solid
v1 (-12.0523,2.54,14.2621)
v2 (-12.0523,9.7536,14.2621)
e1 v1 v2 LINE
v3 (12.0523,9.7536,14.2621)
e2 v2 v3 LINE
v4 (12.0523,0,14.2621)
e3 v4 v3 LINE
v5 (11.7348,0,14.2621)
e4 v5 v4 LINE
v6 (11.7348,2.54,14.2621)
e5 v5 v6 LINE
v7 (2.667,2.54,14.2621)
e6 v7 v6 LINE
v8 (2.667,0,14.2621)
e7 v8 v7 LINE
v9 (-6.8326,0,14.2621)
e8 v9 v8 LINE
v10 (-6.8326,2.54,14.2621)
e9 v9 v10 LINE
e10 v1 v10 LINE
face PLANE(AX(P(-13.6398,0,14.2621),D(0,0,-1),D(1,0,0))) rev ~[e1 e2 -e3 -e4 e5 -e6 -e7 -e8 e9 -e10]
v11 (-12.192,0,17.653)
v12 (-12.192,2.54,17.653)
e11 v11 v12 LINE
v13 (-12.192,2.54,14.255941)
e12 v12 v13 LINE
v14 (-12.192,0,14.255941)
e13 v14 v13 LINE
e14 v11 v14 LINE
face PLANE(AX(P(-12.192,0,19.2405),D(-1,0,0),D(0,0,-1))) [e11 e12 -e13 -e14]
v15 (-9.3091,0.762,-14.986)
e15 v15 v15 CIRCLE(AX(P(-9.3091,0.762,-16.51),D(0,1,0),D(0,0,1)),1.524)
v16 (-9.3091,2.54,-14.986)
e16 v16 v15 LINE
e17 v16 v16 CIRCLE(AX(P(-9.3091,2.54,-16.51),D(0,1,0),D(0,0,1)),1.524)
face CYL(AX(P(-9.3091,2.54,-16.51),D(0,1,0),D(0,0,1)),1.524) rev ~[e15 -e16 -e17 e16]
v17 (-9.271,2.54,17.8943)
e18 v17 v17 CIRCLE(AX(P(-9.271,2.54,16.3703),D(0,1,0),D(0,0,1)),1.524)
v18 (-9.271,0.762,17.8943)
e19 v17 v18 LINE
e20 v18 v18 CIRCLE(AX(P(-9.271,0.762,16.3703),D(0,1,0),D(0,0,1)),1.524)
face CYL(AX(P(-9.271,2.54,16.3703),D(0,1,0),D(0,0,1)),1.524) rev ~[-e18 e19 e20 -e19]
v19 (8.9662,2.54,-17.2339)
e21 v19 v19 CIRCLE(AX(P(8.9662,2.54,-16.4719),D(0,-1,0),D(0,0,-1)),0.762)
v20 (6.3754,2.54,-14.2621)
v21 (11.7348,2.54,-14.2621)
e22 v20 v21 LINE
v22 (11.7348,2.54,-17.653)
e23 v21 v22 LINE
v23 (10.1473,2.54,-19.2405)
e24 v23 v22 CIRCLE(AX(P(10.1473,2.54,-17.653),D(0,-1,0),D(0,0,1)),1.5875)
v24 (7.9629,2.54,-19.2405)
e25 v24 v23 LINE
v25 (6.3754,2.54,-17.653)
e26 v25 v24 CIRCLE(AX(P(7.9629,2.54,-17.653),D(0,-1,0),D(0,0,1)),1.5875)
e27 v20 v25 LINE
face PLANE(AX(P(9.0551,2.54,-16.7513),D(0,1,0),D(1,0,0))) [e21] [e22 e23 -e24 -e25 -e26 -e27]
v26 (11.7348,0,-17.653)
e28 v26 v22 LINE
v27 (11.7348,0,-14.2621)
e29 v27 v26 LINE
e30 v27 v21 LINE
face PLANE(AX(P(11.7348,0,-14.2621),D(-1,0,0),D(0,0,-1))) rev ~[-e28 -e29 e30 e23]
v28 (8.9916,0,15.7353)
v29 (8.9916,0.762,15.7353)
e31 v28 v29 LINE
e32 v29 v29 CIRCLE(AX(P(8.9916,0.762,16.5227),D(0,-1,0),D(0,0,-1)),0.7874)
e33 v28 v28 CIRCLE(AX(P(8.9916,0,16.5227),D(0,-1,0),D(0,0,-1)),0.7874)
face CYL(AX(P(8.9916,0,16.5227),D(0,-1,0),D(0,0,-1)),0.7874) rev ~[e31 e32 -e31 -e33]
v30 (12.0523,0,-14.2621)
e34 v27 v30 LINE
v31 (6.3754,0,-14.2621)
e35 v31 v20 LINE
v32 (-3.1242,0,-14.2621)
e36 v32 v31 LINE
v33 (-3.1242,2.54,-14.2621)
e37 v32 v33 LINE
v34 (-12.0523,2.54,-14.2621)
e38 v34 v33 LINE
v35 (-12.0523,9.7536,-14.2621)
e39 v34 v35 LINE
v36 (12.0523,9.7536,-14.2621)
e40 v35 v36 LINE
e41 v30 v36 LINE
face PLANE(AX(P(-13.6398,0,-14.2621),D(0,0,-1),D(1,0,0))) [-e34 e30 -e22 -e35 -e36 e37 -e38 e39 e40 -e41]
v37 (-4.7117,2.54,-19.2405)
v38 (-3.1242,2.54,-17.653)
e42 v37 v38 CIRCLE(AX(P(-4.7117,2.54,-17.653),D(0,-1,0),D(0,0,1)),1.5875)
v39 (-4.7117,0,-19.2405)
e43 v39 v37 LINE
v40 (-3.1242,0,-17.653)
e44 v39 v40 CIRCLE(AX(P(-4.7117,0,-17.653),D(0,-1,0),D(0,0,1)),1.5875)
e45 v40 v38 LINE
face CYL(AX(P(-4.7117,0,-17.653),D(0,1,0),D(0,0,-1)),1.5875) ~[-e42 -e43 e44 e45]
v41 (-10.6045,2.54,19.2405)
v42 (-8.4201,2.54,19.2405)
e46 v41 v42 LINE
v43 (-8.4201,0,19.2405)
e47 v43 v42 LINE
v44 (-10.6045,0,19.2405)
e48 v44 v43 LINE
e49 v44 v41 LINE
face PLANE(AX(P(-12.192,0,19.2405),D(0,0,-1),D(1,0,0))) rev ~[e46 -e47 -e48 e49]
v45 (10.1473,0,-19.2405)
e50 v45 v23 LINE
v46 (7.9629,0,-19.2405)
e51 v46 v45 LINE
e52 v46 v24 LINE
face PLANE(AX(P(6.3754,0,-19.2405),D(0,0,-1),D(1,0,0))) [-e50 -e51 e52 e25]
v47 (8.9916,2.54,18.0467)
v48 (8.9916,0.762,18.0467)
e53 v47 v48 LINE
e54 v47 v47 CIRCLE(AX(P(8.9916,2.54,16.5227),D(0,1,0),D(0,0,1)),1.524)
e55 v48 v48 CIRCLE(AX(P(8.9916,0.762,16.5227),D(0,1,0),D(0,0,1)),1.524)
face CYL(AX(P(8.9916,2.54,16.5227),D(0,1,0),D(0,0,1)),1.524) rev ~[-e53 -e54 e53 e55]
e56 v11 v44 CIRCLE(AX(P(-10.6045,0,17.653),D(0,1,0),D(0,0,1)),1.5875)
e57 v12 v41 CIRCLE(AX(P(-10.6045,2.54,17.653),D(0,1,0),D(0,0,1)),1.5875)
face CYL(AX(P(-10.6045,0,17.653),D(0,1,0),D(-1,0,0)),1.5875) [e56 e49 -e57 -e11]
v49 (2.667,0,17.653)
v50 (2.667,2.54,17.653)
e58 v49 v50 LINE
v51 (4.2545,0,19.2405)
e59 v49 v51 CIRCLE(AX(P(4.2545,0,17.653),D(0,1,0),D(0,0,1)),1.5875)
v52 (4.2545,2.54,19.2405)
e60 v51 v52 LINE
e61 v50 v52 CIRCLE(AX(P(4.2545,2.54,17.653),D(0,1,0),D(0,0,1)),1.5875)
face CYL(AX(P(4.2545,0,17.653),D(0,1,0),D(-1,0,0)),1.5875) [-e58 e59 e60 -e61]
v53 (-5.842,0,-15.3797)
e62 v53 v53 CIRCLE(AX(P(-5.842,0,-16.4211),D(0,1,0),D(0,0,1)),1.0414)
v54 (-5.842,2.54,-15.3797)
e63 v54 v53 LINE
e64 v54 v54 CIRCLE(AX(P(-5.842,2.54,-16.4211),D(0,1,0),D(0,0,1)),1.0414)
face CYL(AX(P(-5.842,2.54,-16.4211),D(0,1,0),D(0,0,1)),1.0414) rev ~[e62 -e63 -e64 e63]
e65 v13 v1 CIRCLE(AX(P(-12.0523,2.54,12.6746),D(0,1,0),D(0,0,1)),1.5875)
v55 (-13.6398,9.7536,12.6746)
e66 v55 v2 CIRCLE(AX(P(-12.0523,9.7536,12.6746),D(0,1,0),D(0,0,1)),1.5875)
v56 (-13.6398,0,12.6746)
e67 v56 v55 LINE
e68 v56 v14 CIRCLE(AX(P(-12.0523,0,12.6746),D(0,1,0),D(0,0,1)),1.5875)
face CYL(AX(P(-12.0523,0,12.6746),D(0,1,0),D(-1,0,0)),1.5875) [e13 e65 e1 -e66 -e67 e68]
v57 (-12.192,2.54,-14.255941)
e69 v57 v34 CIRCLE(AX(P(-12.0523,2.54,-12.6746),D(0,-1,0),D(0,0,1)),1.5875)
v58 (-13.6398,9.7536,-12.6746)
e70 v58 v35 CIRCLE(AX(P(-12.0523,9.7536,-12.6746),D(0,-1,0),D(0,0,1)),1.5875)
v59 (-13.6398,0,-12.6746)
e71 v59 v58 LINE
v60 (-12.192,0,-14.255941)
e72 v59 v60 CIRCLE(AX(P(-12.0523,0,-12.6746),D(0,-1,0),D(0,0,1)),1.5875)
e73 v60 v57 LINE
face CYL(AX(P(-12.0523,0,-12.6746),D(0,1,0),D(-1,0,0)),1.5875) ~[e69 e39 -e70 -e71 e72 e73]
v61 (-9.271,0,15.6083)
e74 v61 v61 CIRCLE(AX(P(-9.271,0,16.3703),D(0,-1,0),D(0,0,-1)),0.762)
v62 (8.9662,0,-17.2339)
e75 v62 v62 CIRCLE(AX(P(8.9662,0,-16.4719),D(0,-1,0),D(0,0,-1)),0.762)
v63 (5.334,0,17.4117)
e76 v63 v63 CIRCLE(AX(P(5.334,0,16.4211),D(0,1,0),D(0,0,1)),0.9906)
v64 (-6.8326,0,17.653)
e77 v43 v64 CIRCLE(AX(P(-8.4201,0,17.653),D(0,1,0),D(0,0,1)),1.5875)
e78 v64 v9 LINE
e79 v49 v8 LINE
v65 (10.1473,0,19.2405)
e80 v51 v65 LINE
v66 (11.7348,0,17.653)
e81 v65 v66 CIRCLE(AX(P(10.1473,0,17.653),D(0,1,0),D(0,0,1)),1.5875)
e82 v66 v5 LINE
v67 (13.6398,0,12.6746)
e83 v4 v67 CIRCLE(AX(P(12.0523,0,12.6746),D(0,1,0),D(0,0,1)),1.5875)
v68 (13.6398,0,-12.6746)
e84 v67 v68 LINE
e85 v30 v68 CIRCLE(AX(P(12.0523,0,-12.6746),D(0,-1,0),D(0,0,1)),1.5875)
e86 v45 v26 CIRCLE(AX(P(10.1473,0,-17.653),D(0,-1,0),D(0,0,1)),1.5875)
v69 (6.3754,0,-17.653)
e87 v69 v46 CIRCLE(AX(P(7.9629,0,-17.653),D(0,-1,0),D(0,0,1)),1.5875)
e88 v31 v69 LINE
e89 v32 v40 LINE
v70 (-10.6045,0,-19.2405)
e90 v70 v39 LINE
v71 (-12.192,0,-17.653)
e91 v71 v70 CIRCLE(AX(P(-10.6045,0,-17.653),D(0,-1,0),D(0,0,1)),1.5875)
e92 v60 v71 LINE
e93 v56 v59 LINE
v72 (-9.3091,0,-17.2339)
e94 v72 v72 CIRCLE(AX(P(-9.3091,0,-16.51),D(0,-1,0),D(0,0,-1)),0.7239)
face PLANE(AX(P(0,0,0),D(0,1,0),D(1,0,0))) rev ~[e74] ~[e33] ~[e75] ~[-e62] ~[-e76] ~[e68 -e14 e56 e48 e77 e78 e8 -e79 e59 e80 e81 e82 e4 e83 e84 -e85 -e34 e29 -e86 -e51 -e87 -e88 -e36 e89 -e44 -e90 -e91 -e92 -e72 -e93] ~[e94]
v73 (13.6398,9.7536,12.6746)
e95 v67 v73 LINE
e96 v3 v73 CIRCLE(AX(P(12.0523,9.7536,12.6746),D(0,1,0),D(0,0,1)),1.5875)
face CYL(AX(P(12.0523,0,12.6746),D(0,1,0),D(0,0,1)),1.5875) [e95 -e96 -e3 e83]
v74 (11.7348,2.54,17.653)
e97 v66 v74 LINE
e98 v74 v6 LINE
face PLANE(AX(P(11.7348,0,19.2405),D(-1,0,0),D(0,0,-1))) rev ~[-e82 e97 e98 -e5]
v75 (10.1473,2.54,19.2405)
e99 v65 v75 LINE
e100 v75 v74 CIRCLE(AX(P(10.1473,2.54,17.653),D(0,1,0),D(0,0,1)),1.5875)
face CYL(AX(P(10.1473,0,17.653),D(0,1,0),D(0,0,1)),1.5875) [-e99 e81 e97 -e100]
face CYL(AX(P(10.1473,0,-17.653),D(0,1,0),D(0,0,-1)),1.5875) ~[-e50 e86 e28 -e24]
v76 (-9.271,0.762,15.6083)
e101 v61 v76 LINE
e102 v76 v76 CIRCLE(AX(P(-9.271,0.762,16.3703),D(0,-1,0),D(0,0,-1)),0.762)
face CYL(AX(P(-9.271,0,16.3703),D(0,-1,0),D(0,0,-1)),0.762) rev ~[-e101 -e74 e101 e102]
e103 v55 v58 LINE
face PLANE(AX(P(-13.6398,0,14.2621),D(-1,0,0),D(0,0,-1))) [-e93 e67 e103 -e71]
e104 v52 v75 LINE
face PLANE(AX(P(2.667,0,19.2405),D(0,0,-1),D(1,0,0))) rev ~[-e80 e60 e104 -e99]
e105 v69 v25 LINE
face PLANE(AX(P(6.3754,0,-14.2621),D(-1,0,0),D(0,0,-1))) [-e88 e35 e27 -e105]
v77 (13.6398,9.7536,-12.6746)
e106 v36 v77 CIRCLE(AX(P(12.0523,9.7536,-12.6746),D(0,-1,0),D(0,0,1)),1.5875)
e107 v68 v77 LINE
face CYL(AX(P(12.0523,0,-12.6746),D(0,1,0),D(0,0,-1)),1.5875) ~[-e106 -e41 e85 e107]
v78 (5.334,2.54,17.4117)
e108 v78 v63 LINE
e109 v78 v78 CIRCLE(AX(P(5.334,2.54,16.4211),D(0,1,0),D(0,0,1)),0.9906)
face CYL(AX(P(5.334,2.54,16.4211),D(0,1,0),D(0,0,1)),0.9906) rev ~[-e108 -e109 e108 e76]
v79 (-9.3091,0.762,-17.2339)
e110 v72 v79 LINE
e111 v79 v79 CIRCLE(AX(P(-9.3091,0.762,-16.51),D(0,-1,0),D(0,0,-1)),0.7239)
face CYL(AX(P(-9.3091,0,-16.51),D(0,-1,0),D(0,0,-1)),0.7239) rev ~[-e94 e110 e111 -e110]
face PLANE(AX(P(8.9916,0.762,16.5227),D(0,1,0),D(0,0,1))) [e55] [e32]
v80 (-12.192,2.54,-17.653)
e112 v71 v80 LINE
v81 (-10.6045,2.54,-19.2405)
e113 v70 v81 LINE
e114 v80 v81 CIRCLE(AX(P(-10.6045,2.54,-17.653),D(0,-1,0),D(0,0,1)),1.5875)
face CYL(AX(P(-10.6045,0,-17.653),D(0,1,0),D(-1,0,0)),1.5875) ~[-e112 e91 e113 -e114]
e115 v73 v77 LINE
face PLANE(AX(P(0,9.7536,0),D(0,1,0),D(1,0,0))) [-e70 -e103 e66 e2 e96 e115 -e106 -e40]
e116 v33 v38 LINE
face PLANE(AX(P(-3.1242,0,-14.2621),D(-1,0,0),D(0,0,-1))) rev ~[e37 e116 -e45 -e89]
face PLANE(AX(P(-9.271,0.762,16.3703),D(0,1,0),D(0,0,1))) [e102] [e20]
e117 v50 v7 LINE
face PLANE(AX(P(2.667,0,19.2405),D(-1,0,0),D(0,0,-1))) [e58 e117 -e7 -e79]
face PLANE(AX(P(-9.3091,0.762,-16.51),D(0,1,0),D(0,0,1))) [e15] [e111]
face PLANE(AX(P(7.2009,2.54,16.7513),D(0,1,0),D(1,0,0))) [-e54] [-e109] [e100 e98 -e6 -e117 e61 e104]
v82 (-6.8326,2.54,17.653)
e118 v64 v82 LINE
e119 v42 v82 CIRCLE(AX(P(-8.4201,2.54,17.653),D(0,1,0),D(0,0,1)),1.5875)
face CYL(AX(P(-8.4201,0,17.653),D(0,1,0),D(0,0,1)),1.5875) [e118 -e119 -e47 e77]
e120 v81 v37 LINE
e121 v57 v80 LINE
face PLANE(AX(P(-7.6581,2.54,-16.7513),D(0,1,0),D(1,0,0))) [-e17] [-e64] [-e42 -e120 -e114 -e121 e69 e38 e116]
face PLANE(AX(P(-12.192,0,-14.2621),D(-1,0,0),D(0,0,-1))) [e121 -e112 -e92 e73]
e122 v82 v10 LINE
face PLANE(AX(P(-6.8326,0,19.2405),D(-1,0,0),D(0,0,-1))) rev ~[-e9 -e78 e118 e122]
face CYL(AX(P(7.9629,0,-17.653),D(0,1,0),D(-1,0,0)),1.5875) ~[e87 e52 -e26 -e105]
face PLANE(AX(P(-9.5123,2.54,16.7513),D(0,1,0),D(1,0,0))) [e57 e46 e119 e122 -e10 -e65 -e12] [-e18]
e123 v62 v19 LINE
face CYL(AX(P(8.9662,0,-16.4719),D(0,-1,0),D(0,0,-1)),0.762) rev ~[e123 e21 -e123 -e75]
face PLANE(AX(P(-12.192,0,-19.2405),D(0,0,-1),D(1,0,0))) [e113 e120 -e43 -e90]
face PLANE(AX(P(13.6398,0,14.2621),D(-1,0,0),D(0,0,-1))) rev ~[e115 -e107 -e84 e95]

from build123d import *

# Parameters (mm, degrees)
SKETCH1_W                  = 27.2796
SKETCH1_H                  = 28.5242
ENCLOSURE_DEPTH            = 9.7536
SKETCH2_W                  = 9.0678
SKETCH2_H                  = 4.9784
SKETCH2_W_2                = 5.3594
MOUNTING_TABS_DEPTH        = 2.54
SMALL_MOUNTING_HOLES_REACH = 26.663
SKETCH3_R                  = 1.0414
SKETCH3_R_2                = 0.9906
LARGE_MOUNTING_HOLES_REACH = 27.522
SKETCH4_R                  = 0.762
SKETCH4_R_2                = 0.7874
SKETCH4_R_3                = 0.7239
SKETCH5_R                  = 1.524
CUT_EXTRUDE1_DEPTH         = 1.778
FILLET1_R                  = 1.5875
FILLET2_R                  = 1.5875


with BuildPart() as part:
    # Sketch1 → Enclosure (new body)
    with BuildSketch(Plane(origin=(0, 0, 0), x_dir=(1, 0, 0), z_dir=(0, 1, 0))):
        Rectangle(SKETCH1_W, SKETCH1_H)
    extrude(amount=ENCLOSURE_DEPTH)

    # Sketch2 → Mounting Tabs (add)
    with BuildSketch(Plane(origin=(0, 0, 0), x_dir=(1, 0, 0), z_dir=(0, 1, 0))):
        with Locations((-7.6581, 16.7513)):
            Rectangle(SKETCH2_W, SKETCH2_H)
        with Locations((9.0551, 16.7513)):
            Rectangle(SKETCH2_W_2, SKETCH2_H)
        with Locations((-9.5123, -16.7513)):
            Rectangle(SKETCH2_W_2, SKETCH2_H)
        with Locations((7.2009, -16.7513)):
            Rectangle(SKETCH2_W, SKETCH2_H)
    extrude(amount=MOUNTING_TABS_DEPTH)

    # Sketch3 → Small Mounting Holes (cut, up to next)
    with BuildSketch(Plane(origin=(0, 2.54, 0), x_dir=(1, 0, 0), z_dir=(0, 1, 0)), mode=Mode.PRIVATE) as small_mounting_holes_sk1:
        with Locations(Location((-5.842, 16.4211, 0), (0, 0, 270))):
            Circle(SKETCH3_R)
    small_mounting_holes_tool1 = extrude(small_mounting_holes_sk1.sketch, amount=-SMALL_MOUNTING_HOLES_REACH, mode=Mode.PRIVATE) & part.part
    # Sketch3 → Small Mounting Holes (cut, up to next)
    with BuildSketch(Plane(origin=(0, 2.54, 0), x_dir=(1, 0, 0), z_dir=(0, 1, 0)), mode=Mode.PRIVATE) as small_mounting_holes_sk2:
        with Locations(Location((5.334, -16.4211, 0), (0, 0, 270))):
            Circle(SKETCH3_R_2)
    small_mounting_holes_tool2 = extrude(small_mounting_holes_sk2.sketch, amount=-SMALL_MOUNTING_HOLES_REACH, mode=Mode.PRIVATE) & part.part
    add(small_mounting_holes_tool1.solids().sort_by_distance((-5.842, 2.54, -16.4211))[0], mode=Mode.SUBTRACT)
    add(small_mounting_holes_tool2.solids().sort_by_distance((5.334, 2.54, 16.4211))[0], mode=Mode.SUBTRACT)

    # Sketch4 → Large Mounting Holes (cut, up to next)
    with BuildSketch(Plane.XZ, mode=Mode.PRIVATE) as large_mounting_holes_sk1:
        with Locations(Location((-9.271, 16.3703, 0), (0, 0, 270))):
            Circle(SKETCH4_R)
    large_mounting_holes_tool1 = extrude(large_mounting_holes_sk1.sketch, amount=-LARGE_MOUNTING_HOLES_REACH, mode=Mode.PRIVATE) & part.part
    # Sketch4 → Large Mounting Holes (cut, up to next)
    with BuildSketch(Plane.XZ, mode=Mode.PRIVATE) as large_mounting_holes_sk2:
        with Locations(Location((8.9916, 16.5227, 0), (0, 0, 270))):
            Circle(SKETCH4_R_2)
    large_mounting_holes_tool2 = extrude(large_mounting_holes_sk2.sketch, amount=-LARGE_MOUNTING_HOLES_REACH, mode=Mode.PRIVATE) & part.part
    # Sketch4 → Large Mounting Holes (cut, up to next)
    with BuildSketch(Plane.XZ, mode=Mode.PRIVATE) as large_mounting_holes_sk3:
        with Locations(Location((8.9662, -16.4719, 0), (0, 0, 270))):
            Circle(SKETCH4_R)
    large_mounting_holes_tool3 = extrude(large_mounting_holes_sk3.sketch, amount=-LARGE_MOUNTING_HOLES_REACH, mode=Mode.PRIVATE) & part.part
    # Sketch4 → Large Mounting Holes (cut, up to next)
    with BuildSketch(Plane.XZ, mode=Mode.PRIVATE) as large_mounting_holes_sk4:
        with Locations(Location((-9.3091, -16.51, 0), (0, 0, 270))):
            Circle(SKETCH4_R_3)
    large_mounting_holes_tool4 = extrude(large_mounting_holes_sk4.sketch, amount=-LARGE_MOUNTING_HOLES_REACH, mode=Mode.PRIVATE) & part.part
    add(large_mounting_holes_tool1.solids().sort_by_distance((-9.271, 0, 16.3703))[0], mode=Mode.SUBTRACT)
    add(large_mounting_holes_tool2.solids().sort_by_distance((8.9916, 0, 16.5227))[0], mode=Mode.SUBTRACT)
    add(large_mounting_holes_tool3.solids().sort_by_distance((8.9662, 0, -16.4719))[0], mode=Mode.SUBTRACT)
    add(large_mounting_holes_tool4.solids().sort_by_distance((-9.3091, 0, -16.51))[0], mode=Mode.SUBTRACT)

    # Sketch5 → Cut-Extrude1 (cut)
    with BuildSketch(Plane(origin=(0, 2.54, 0), x_dir=(1, 0, 0), z_dir=(0, 1, 0))):
        with Locations(Location((-9.271, -16.3703, 0), (0, 0, 270))):
            Circle(SKETCH5_R)
        with Locations(Location((8.9916, -16.5227, 0), (0, 0, 270))):
            Circle(SKETCH5_R)
        with Locations(Location((-9.3091, 16.51, 0), (0, 0, 270))):
            Circle(SKETCH5_R)
    extrude(amount=-CUT_EXTRUDE1_DEPTH, mode=Mode.SUBTRACT)

    # Fillet1
    fillet1_edges = [part.edges().sort_by_distance(p)[0] for p in [
        (-13.6398, 4.8768, -14.2621),
        (13.6398, 4.8768, -14.2621),
        (-13.6398, 4.8768, 14.2621),
        (13.6398, 4.8768, 14.2621),
    ]]
    fillet(fillet1_edges, radius=FILLET1_R)

    # Fillet2
    fillet2_edges = [part.edges().sort_by_distance(p)[0] for p in [
        (-12.192, 1.27, 19.2405),
        (2.667, 1.27, 19.2405),
        (-6.8326, 1.27, 19.2405),
        (11.7348, 1.27, 19.2405),
        (-12.192, 1.27, -19.2405),
        (-3.1242, 1.27, -19.2405),
        (6.3754, 1.27, -19.2405),
        (11.7348, 1.27, -19.2405),
    ]]
    fillet(fillet2_edges, radius=FILLET2_R)


solid = part.part
